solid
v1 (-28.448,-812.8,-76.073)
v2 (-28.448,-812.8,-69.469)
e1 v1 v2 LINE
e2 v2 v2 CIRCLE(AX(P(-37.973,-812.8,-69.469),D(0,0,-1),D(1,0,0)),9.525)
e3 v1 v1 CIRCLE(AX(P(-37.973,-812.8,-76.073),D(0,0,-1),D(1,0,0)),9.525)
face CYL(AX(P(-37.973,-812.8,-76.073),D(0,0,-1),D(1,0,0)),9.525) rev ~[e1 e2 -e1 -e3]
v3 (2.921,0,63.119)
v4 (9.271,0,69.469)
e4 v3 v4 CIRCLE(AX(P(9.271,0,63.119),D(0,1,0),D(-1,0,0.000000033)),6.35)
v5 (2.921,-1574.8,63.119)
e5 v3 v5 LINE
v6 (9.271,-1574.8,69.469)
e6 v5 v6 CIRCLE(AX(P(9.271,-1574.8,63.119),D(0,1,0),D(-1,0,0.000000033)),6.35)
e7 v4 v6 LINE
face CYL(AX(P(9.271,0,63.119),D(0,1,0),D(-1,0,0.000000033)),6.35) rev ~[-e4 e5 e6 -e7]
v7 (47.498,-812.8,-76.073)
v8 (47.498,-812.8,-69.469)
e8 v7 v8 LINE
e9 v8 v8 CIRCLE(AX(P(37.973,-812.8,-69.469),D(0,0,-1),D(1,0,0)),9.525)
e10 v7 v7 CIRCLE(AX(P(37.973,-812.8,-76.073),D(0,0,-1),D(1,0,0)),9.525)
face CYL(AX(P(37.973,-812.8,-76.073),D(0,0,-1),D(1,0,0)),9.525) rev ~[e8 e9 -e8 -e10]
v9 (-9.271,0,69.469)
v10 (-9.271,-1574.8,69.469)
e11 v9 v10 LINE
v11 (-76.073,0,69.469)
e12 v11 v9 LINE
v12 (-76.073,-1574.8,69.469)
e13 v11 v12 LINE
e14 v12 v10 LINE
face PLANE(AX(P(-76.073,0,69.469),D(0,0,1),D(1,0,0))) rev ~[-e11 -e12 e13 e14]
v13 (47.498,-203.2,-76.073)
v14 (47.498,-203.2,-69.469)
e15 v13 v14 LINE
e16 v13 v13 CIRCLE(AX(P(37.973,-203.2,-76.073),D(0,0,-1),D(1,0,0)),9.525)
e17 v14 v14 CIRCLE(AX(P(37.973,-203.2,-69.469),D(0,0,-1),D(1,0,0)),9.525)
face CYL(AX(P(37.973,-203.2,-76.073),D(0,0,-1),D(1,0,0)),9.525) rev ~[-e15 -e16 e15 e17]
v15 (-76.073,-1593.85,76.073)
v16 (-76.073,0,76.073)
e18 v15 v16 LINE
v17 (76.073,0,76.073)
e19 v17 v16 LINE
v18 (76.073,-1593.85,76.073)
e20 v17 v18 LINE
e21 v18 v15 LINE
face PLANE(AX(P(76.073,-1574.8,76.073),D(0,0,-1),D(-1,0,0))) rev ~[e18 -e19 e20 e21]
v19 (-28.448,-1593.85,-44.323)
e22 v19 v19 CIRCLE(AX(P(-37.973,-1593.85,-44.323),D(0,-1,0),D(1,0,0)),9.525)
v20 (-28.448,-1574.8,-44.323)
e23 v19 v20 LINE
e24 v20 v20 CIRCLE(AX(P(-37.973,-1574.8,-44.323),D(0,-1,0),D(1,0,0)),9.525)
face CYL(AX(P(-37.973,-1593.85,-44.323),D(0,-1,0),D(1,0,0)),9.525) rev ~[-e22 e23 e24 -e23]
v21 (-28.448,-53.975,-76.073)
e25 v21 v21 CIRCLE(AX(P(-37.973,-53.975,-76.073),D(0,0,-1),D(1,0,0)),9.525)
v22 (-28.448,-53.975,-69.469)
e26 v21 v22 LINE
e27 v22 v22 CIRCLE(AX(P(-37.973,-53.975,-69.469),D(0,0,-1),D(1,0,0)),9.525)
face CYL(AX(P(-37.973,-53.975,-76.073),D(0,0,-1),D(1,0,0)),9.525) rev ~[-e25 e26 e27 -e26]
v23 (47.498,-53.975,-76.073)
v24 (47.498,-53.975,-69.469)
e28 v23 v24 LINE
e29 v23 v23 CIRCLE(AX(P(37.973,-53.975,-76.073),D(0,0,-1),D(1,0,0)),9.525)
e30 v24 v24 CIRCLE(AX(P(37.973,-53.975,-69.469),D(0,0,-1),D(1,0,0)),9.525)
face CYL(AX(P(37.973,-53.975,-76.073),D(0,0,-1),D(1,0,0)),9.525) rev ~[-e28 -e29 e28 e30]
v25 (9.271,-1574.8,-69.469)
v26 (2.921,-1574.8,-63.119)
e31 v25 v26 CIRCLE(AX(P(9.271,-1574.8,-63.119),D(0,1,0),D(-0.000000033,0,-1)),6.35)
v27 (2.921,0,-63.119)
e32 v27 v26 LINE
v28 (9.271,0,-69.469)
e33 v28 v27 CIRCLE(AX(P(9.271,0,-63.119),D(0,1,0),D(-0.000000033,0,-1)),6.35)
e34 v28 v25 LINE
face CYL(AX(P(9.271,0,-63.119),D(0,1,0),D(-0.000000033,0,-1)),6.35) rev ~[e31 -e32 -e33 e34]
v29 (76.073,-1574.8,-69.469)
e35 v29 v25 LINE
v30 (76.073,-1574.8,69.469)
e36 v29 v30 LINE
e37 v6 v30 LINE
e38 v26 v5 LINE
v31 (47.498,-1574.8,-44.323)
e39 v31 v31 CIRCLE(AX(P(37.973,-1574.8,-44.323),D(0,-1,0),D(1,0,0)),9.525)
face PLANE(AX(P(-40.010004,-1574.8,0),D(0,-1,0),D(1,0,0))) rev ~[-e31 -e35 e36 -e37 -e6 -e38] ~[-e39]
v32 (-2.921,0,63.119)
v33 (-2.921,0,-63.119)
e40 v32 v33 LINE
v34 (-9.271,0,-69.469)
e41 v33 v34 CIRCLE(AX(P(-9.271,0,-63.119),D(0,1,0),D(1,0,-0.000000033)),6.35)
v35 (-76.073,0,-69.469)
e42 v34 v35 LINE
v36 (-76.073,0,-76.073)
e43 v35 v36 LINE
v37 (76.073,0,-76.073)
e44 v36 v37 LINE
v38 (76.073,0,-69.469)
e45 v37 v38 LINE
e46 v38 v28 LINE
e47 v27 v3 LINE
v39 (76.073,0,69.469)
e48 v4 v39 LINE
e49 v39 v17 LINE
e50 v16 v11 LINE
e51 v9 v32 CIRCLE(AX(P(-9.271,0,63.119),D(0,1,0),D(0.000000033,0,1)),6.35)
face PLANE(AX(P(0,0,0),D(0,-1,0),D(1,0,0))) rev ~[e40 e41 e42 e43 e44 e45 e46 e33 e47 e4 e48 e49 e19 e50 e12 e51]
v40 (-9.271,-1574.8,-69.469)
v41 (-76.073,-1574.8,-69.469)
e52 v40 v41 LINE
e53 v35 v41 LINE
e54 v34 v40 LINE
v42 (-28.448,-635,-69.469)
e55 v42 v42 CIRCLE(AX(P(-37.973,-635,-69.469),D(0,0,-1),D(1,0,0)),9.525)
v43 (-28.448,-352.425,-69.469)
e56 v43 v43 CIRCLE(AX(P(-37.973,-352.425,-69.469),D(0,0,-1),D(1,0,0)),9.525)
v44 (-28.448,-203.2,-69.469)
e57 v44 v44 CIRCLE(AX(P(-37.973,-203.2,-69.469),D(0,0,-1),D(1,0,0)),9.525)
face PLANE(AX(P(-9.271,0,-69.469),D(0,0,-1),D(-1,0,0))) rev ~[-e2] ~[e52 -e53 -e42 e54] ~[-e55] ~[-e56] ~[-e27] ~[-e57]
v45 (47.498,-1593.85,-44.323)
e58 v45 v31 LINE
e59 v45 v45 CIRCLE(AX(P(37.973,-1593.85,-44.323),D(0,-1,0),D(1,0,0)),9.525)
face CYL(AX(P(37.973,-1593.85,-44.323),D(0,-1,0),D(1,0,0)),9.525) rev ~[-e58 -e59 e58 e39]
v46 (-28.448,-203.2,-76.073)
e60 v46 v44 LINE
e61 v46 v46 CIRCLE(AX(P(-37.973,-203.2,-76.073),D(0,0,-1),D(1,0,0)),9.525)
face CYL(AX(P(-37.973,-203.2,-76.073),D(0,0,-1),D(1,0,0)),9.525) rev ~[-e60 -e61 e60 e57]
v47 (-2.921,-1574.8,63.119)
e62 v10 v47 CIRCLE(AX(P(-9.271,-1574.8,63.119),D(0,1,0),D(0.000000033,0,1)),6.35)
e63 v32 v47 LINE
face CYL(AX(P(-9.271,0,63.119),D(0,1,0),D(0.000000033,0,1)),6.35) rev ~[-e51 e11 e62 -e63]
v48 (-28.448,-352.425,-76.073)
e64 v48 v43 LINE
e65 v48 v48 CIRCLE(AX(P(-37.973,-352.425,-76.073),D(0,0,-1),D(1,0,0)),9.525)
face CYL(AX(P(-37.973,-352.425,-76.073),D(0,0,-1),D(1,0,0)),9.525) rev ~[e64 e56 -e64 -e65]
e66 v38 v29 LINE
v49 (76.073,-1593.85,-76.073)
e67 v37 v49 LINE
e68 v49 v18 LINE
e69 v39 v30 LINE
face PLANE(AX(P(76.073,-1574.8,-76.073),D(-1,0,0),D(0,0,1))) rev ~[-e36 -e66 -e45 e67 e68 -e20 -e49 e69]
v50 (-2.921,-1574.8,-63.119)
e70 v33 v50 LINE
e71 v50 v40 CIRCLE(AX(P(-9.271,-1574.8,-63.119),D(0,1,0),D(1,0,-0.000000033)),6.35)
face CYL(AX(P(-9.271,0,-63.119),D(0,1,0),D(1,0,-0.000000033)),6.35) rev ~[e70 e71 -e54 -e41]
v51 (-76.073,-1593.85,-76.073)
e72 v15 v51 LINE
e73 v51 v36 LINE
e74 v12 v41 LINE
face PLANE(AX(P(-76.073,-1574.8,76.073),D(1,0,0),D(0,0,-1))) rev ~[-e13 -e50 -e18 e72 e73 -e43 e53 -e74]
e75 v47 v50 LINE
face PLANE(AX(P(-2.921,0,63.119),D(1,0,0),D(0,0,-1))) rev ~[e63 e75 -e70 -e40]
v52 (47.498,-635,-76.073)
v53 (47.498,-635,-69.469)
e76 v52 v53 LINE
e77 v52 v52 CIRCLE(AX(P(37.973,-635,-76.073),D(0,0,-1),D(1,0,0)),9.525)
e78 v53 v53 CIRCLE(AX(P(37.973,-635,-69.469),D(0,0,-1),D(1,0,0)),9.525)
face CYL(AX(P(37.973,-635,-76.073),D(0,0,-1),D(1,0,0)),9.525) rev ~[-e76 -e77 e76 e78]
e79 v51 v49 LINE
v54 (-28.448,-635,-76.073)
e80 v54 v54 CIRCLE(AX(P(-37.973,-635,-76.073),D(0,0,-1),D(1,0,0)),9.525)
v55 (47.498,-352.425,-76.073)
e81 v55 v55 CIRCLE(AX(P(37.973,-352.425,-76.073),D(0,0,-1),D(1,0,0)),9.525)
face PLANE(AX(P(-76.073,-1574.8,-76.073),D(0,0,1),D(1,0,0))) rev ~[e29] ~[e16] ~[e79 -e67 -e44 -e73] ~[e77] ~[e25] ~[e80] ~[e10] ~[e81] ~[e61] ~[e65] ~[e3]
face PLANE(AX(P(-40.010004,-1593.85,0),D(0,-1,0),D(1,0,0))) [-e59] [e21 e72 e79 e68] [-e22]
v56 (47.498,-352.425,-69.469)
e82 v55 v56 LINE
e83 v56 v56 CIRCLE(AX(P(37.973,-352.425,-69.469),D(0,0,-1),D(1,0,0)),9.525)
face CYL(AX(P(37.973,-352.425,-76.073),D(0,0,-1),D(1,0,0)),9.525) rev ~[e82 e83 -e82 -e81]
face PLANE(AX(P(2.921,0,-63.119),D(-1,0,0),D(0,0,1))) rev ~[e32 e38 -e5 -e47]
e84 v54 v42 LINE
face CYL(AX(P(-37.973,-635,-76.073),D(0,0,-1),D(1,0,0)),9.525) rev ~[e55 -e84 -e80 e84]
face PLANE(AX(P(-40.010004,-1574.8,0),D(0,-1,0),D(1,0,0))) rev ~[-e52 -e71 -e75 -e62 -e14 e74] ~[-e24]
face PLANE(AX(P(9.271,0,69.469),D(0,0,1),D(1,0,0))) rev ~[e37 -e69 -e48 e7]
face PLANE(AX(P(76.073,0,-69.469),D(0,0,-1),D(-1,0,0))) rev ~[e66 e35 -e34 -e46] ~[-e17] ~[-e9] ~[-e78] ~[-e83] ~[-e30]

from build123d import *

# Parameters (mm, degrees)
F1_DEPTH = 1574.8
F3_DEPTH = 19.05
F4_R     = 9.525
F5_DEPTH = 43.942
F6_R     = 9.525
F7_DEPTH = 25.4


with BuildPart() as f1:
    # F0 (on Front) → F1 (new body)
    with BuildSketch(Plane.XZ):
        with BuildLine():
            Line((76.073, 76.073), (-76.073, 76.073))
            Line((-76.073, 76.073), (-76.073, 69.469))
            Line((-76.073, 69.469), (-9.271, 69.469))
            ThreePointArc((-9.271, 69.469), (-4.780872, 67.609128), (-2.921, 63.119))
            Line((-2.921, 63.119), (-2.921, -63.119))
            ThreePointArc((-2.921, -63.119), (-4.780872, -67.609128), (-9.271, -69.469))
            Line((-9.271, -69.469), (-76.073, -69.469))
            Line((-76.073, -69.469), (-76.073, -76.073))
            Line((-76.073, -76.073), (76.073, -76.073))
            Line((76.073, -76.073), (76.073, -69.469))
            Line((76.073, -69.469), (9.271, -69.469))
            ThreePointArc((9.271, -69.469), (4.780872, -67.609128), (2.921, -63.119))
            Line((2.921, -63.119), (2.921, 63.119))
            ThreePointArc((2.921, 63.119), (4.780872, 67.609128), (9.271, 69.469))
            Line((9.271, 69.469), (76.073, 69.469))
            Line((76.073, 69.469), (76.073, 76.073))
        make_face()
    extrude(amount=F1_DEPTH)

    # F2 (on face) → F3 (join)
    with BuildSketch(Plane.XZ.offset(1574.8)):
        with BuildLine():
            Line((-9.271, 69.469), (-76.073, 69.469))
            Line((-76.073, 69.469), (-76.073, -69.469))
            Line((-76.073, -69.469), (-9.271, -69.469))
            ThreePointArc((-9.271, -69.469), (-4.780872, -67.609128), (-2.921, -63.119))
            Line((-2.921, -63.119), (-2.921, 63.119))
            ThreePointArc((-2.921, 63.119), (-4.780872, 67.609128), (-9.271, 69.469))
        make_face()
        with BuildLine():
            Line((76.073, 76.073), (-76.073, 76.073))
            Line((-76.073, 76.073), (-76.073, 69.469))
            Line((-76.073, 69.469), (-9.271, 69.469))
            ThreePointArc((-9.271, 69.469), (-4.780872, 67.609128), (-2.921, 63.119))
            Line((-2.921, 63.119), (-2.921, -63.119))
            ThreePointArc((-2.921, -63.119), (-4.780872, -67.609128), (-9.271, -69.469))
            Line((-9.271, -69.469), (-76.073, -69.469))
            Line((-76.073, -69.469), (-76.073, -76.073))
            Line((-76.073, -76.073), (76.073, -76.073))
            Line((76.073, -76.073), (76.073, -69.469))
            Line((76.073, -69.469), (9.271, -69.469))
            ThreePointArc((9.271, -69.469), (4.780872, -67.609128), (2.921, -63.119))
            Line((2.921, -63.119), (2.921, 63.119))
            ThreePointArc((2.921, 63.119), (4.780872, 67.609128), (9.271, 69.469))
            Line((9.271, 69.469), (76.073, 69.469))
            Line((76.073, 69.469), (76.073, 76.073))
        make_face()
        with BuildLine():
            Line((76.073, -69.469), (76.073, 69.469))
            Line((76.073, 69.469), (9.271, 69.469))
            ThreePointArc((9.271, 69.469), (4.780872, 67.609128), (2.921, 63.119))
            Line((2.921, 63.119), (2.921, -63.119))
            ThreePointArc((2.921, -63.119), (4.780872, -67.609128), (9.271, -69.469))
            Line((9.271, -69.469), (76.073, -69.469))
        make_face()
    extrude(amount=F3_DEPTH)

    # F4 (on face) → F5 (cut)
    with BuildSketch(Plane.XZ.offset(1593.85)):
        with Locations((-37.973, -44.323)):
            Circle(F4_R)
        with Locations((37.973, -44.323)):
            Circle(F4_R)
    extrude(amount=-F5_DEPTH, mode=Mode.SUBTRACT)

    # F6 (on face) → F7 (cut)
    with BuildSketch(Plane(origin=(0, 0, -76.073), x_dir=(1, 0, 0), z_dir=(0, 0, -1))):
        with Locations((-37.973, 812.8)):
            Circle(F6_R)
        with Locations((37.973, 812.8)):
            Circle(F6_R)
        with Locations((-37.973, 635)):
            Circle(F6_R)
        with Locations((37.973, 635)):
            Circle(F6_R)
        with Locations((-37.973, 352.425)):
            Circle(F6_R)
        with Locations((37.973, 352.425)):
            Circle(F6_R)
        with Locations((-37.973, 203.2)):
            Circle(F6_R)
        with Locations((37.973, 203.2)):
            Circle(F6_R)
        with Locations((-37.973, 53.975)):
            Circle(F6_R)
        with Locations((37.973, 53.975)):
            Circle(F6_R)
    extrude(amount=-F7_DEPTH, mode=Mode.SUBTRACT)


solid = f1.part
